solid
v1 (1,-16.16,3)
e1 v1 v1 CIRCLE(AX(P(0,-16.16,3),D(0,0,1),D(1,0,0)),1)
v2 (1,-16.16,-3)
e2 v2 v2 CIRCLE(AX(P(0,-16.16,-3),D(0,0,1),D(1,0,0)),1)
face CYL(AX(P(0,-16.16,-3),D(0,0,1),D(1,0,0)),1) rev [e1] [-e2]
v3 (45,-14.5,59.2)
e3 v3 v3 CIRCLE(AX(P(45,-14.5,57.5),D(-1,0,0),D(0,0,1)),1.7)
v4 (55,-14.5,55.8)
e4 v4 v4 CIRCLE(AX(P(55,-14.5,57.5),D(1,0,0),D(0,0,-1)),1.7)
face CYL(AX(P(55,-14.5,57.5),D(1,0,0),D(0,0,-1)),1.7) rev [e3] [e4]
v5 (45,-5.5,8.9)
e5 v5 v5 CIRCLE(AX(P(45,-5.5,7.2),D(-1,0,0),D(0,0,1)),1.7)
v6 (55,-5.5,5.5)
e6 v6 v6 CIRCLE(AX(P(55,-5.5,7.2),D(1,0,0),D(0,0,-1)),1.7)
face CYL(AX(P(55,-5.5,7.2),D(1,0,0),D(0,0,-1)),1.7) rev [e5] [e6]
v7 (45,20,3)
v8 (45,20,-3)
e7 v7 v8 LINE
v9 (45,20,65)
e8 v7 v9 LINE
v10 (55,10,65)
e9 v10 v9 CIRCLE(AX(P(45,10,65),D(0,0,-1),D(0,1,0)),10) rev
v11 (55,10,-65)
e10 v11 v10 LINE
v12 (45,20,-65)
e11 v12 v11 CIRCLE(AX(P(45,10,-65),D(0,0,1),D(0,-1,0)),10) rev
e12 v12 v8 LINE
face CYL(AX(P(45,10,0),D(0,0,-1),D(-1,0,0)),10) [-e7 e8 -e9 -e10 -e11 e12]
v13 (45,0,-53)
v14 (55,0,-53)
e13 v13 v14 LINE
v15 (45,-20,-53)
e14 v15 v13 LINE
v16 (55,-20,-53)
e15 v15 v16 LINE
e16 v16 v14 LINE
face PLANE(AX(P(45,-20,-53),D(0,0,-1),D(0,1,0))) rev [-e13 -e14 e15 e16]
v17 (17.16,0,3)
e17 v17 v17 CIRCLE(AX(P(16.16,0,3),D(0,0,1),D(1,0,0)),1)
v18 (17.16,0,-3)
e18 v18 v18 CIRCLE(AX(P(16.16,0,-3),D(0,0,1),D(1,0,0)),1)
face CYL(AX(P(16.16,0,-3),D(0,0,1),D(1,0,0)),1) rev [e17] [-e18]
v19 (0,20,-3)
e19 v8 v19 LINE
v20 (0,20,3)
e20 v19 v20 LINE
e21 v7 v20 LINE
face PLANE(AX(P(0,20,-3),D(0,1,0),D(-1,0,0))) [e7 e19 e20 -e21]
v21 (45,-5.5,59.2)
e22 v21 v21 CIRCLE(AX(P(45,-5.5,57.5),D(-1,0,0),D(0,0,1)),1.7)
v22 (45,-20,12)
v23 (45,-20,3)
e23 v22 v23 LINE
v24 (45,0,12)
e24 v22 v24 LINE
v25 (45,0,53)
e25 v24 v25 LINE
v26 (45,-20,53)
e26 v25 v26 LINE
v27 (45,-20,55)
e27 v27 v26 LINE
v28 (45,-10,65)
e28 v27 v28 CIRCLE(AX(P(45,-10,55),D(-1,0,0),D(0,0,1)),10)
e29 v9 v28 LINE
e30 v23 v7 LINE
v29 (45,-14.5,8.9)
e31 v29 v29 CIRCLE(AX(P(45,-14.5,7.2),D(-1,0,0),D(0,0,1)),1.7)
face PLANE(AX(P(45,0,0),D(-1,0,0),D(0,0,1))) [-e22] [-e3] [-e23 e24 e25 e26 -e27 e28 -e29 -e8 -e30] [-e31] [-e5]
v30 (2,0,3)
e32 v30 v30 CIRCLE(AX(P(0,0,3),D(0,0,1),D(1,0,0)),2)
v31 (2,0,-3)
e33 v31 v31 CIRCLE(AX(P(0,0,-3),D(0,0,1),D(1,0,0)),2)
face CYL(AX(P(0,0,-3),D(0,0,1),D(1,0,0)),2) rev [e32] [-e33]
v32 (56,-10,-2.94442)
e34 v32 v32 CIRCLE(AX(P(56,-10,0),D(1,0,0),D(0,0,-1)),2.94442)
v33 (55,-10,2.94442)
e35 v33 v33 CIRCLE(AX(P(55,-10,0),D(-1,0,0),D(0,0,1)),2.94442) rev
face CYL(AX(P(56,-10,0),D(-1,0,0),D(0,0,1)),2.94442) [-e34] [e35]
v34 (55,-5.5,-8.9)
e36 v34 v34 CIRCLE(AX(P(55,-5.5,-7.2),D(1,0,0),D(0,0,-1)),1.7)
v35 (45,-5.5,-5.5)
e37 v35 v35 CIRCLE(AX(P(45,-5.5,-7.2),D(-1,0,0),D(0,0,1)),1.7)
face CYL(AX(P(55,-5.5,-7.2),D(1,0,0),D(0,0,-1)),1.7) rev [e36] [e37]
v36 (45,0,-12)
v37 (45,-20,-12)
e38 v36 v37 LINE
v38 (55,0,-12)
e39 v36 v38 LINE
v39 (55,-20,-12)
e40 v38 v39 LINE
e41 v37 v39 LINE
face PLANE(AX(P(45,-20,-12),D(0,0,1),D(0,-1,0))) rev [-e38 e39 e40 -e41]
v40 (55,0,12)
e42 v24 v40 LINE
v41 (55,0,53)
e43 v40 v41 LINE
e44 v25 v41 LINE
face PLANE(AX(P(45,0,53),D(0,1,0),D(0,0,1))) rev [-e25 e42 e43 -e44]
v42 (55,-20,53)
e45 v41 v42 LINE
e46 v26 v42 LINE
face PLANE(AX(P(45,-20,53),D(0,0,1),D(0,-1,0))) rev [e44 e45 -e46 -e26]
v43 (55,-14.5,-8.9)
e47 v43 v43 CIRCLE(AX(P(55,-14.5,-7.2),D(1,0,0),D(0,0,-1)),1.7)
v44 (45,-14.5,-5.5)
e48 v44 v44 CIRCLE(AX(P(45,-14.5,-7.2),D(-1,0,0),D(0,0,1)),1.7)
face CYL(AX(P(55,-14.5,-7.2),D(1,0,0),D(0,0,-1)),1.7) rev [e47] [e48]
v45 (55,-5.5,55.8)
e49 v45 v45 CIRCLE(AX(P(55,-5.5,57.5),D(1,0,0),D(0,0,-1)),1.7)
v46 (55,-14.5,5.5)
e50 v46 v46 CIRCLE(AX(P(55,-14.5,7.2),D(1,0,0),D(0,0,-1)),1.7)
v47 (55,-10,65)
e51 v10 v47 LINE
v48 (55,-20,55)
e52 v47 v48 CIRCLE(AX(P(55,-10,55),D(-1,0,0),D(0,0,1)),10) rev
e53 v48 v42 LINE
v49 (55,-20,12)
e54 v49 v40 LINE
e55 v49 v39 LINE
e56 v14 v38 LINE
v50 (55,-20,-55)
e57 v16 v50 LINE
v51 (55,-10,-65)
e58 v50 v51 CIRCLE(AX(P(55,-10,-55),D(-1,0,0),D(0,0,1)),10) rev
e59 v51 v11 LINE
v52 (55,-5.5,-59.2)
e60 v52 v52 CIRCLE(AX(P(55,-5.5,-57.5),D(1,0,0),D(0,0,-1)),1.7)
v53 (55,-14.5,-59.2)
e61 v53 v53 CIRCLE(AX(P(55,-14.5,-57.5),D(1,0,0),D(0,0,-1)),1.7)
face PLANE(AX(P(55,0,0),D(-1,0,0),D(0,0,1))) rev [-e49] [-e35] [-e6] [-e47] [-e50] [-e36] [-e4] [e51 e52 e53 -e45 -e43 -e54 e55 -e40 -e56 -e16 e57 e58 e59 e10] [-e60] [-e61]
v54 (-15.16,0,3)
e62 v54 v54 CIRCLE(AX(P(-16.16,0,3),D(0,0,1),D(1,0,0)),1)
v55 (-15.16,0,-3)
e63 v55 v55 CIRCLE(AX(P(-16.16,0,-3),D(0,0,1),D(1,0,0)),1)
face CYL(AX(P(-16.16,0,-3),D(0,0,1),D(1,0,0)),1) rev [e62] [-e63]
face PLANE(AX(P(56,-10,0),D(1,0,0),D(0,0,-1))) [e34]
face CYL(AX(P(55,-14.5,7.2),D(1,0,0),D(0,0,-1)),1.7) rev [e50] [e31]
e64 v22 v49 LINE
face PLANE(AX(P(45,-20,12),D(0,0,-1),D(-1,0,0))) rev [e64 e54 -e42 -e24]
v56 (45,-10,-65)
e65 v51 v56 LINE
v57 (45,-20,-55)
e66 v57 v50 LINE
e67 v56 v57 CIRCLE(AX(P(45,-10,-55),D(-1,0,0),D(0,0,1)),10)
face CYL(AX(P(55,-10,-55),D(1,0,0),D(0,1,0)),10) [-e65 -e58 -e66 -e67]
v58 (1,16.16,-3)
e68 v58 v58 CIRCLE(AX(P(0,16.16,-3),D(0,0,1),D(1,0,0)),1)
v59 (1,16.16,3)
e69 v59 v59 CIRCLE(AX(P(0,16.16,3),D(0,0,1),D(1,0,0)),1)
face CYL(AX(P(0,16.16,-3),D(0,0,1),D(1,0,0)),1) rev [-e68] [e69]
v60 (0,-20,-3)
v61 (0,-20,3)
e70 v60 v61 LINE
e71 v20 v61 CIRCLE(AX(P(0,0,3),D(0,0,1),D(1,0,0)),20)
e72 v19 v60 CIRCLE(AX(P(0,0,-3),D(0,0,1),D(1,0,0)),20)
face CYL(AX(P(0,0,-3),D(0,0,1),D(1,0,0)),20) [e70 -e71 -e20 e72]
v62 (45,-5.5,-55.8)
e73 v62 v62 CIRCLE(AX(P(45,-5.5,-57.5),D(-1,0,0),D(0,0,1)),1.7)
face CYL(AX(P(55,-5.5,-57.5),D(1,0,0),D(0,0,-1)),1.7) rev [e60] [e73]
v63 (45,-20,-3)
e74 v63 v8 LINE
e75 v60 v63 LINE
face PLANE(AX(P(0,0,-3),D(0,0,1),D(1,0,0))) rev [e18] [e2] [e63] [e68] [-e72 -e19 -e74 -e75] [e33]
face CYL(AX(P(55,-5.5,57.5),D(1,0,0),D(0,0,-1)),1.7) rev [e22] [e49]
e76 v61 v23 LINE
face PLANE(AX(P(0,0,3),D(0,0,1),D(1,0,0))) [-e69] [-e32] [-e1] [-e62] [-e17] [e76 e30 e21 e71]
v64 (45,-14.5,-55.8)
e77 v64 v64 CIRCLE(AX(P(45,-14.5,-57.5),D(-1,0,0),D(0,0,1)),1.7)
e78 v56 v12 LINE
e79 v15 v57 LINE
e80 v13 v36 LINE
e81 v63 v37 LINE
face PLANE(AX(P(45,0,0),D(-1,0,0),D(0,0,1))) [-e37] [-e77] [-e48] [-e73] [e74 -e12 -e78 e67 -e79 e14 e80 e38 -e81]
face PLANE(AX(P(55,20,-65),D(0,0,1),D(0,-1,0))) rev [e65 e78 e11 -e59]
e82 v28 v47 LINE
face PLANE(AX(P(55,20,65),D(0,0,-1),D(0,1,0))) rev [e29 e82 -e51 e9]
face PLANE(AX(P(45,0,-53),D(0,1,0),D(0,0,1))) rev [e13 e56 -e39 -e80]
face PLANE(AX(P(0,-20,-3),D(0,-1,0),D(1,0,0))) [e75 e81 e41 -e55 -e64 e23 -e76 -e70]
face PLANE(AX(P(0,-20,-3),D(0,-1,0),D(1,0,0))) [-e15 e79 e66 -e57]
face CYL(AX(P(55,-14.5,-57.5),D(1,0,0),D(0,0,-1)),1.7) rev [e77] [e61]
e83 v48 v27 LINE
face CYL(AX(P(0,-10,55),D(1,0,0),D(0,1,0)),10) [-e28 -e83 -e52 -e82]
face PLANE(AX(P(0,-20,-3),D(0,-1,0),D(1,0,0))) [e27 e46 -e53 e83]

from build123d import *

# Parameters (mm, degrees)
EXTRUDE_1_DEPTH      = 3
EXTRUDE_1_DEPTH_BACK = 3
SKETCH_1_R           = 2
SKETCH_1_R_2         = 1
SKETCH_2_W           = 130
SKETCH_2_H           = 40
EXTRUDE_2_DEPTH      = 10
SKETCH_3_W           = 41
SKETCH_3_H           = 20
CUT_EXTRUDE_1_DEPTH  = 10
FILLET_1_R           = 10
HOLE_WIZARD_M3_1_D   = 3.4
FILLET_4_R           = 10
SKETCH_6_R           = 2.944419646
EXTRUDE_3_DEPTH      = 1


with BuildPart() as part:
    # 스케치1 → 보스-돌출1 (new, two sides: drawn at the far end of the back side and taken through both)
    with BuildSketch(Plane.XY.offset(-EXTRUDE_1_DEPTH_BACK)):
        with BuildLine():
            Line((0, 20), (45, 20))
            Line((45, 20), (45, -20))
            Line((45, -20), (0, -20))
            ThreePointArc((0, -20), (-20, 0), (0, 20))
        make_face()
        Circle(SKETCH_1_R, mode=Mode.SUBTRACT)
        with Locations((0, 16.16)):
            Circle(SKETCH_1_R_2, mode=Mode.SUBTRACT)
        with Locations((16.16, 0)):
            Circle(SKETCH_1_R_2, mode=Mode.SUBTRACT)
        with Locations((0, -16.16)):
            Circle(SKETCH_1_R_2, mode=Mode.SUBTRACT)
        with Locations((-16.16, 0)):
            Circle(SKETCH_1_R_2, mode=Mode.SUBTRACT)
    extrude(amount=EXTRUDE_1_DEPTH + EXTRUDE_1_DEPTH_BACK)

    # 스케치2 → 보스-돌출2 (add)
    with BuildSketch(Plane(origin=(45, 0, 0), x_dir=(0, 0, -1), z_dir=(1, 0, 0))):
        Rectangle(SKETCH_2_W, SKETCH_2_H)
    extrude(amount=EXTRUDE_2_DEPTH)

    # 스케치3 → 컷-돌출1 (cut)
    with BuildSketch(Plane(origin=(55, 0, 0), x_dir=(0, 0, -1), z_dir=(1, 0, 0))):
        with Locations((32.5, -10)):
            Rectangle(SKETCH_3_W, SKETCH_3_H)
        with Locations((-32.5, -10)):
            Rectangle(SKETCH_3_W, SKETCH_3_H)
    extrude(amount=-CUT_EXTRUDE_1_DEPTH, mode=Mode.SUBTRACT)

    # 필렛1
    fillet_1_edges = [part.edges().sort_by_distance(p)[0] for p in [
        (55, 20, 0),
    ]]
    fillet(fillet_1_edges, radius=FILLET_1_R)

    # M3 여유 구멍1 (through all)
    with Locations(Plane(origin=(55, 0, 0), x_dir=(0, 0, -1), z_dir=(1, 0, 0))):
        with Locations((-57.5, -5.5), (-57.5, -14.5), (-7.2, -5.5), (-7.2, -14.5), (7.2, -5.5), (7.2, -14.5), (57.5, -5.5), (57.5, -14.5)):
            Hole(HOLE_WIZARD_M3_1_D / 2)

    # 필렛4
    fillet_4_edges = [part.edges().sort_by_distance(p)[0] for p in [
        (50, -20, -65),
        (50, -20, 65),
    ]]
    fillet(fillet_4_edges, radius=FILLET_4_R)

    # 스케치6 → 보스-돌출3 (add)
    with BuildSketch(Plane(origin=(55, 0, 0), x_dir=(0, 0, -1), z_dir=(1, 0, 0))):
        with Locations(Location((0, -10, 0), (0, 0, 180))):
            Circle(SKETCH_6_R)
    extrude(amount=EXTRUDE_3_DEPTH)


solid = part.part
